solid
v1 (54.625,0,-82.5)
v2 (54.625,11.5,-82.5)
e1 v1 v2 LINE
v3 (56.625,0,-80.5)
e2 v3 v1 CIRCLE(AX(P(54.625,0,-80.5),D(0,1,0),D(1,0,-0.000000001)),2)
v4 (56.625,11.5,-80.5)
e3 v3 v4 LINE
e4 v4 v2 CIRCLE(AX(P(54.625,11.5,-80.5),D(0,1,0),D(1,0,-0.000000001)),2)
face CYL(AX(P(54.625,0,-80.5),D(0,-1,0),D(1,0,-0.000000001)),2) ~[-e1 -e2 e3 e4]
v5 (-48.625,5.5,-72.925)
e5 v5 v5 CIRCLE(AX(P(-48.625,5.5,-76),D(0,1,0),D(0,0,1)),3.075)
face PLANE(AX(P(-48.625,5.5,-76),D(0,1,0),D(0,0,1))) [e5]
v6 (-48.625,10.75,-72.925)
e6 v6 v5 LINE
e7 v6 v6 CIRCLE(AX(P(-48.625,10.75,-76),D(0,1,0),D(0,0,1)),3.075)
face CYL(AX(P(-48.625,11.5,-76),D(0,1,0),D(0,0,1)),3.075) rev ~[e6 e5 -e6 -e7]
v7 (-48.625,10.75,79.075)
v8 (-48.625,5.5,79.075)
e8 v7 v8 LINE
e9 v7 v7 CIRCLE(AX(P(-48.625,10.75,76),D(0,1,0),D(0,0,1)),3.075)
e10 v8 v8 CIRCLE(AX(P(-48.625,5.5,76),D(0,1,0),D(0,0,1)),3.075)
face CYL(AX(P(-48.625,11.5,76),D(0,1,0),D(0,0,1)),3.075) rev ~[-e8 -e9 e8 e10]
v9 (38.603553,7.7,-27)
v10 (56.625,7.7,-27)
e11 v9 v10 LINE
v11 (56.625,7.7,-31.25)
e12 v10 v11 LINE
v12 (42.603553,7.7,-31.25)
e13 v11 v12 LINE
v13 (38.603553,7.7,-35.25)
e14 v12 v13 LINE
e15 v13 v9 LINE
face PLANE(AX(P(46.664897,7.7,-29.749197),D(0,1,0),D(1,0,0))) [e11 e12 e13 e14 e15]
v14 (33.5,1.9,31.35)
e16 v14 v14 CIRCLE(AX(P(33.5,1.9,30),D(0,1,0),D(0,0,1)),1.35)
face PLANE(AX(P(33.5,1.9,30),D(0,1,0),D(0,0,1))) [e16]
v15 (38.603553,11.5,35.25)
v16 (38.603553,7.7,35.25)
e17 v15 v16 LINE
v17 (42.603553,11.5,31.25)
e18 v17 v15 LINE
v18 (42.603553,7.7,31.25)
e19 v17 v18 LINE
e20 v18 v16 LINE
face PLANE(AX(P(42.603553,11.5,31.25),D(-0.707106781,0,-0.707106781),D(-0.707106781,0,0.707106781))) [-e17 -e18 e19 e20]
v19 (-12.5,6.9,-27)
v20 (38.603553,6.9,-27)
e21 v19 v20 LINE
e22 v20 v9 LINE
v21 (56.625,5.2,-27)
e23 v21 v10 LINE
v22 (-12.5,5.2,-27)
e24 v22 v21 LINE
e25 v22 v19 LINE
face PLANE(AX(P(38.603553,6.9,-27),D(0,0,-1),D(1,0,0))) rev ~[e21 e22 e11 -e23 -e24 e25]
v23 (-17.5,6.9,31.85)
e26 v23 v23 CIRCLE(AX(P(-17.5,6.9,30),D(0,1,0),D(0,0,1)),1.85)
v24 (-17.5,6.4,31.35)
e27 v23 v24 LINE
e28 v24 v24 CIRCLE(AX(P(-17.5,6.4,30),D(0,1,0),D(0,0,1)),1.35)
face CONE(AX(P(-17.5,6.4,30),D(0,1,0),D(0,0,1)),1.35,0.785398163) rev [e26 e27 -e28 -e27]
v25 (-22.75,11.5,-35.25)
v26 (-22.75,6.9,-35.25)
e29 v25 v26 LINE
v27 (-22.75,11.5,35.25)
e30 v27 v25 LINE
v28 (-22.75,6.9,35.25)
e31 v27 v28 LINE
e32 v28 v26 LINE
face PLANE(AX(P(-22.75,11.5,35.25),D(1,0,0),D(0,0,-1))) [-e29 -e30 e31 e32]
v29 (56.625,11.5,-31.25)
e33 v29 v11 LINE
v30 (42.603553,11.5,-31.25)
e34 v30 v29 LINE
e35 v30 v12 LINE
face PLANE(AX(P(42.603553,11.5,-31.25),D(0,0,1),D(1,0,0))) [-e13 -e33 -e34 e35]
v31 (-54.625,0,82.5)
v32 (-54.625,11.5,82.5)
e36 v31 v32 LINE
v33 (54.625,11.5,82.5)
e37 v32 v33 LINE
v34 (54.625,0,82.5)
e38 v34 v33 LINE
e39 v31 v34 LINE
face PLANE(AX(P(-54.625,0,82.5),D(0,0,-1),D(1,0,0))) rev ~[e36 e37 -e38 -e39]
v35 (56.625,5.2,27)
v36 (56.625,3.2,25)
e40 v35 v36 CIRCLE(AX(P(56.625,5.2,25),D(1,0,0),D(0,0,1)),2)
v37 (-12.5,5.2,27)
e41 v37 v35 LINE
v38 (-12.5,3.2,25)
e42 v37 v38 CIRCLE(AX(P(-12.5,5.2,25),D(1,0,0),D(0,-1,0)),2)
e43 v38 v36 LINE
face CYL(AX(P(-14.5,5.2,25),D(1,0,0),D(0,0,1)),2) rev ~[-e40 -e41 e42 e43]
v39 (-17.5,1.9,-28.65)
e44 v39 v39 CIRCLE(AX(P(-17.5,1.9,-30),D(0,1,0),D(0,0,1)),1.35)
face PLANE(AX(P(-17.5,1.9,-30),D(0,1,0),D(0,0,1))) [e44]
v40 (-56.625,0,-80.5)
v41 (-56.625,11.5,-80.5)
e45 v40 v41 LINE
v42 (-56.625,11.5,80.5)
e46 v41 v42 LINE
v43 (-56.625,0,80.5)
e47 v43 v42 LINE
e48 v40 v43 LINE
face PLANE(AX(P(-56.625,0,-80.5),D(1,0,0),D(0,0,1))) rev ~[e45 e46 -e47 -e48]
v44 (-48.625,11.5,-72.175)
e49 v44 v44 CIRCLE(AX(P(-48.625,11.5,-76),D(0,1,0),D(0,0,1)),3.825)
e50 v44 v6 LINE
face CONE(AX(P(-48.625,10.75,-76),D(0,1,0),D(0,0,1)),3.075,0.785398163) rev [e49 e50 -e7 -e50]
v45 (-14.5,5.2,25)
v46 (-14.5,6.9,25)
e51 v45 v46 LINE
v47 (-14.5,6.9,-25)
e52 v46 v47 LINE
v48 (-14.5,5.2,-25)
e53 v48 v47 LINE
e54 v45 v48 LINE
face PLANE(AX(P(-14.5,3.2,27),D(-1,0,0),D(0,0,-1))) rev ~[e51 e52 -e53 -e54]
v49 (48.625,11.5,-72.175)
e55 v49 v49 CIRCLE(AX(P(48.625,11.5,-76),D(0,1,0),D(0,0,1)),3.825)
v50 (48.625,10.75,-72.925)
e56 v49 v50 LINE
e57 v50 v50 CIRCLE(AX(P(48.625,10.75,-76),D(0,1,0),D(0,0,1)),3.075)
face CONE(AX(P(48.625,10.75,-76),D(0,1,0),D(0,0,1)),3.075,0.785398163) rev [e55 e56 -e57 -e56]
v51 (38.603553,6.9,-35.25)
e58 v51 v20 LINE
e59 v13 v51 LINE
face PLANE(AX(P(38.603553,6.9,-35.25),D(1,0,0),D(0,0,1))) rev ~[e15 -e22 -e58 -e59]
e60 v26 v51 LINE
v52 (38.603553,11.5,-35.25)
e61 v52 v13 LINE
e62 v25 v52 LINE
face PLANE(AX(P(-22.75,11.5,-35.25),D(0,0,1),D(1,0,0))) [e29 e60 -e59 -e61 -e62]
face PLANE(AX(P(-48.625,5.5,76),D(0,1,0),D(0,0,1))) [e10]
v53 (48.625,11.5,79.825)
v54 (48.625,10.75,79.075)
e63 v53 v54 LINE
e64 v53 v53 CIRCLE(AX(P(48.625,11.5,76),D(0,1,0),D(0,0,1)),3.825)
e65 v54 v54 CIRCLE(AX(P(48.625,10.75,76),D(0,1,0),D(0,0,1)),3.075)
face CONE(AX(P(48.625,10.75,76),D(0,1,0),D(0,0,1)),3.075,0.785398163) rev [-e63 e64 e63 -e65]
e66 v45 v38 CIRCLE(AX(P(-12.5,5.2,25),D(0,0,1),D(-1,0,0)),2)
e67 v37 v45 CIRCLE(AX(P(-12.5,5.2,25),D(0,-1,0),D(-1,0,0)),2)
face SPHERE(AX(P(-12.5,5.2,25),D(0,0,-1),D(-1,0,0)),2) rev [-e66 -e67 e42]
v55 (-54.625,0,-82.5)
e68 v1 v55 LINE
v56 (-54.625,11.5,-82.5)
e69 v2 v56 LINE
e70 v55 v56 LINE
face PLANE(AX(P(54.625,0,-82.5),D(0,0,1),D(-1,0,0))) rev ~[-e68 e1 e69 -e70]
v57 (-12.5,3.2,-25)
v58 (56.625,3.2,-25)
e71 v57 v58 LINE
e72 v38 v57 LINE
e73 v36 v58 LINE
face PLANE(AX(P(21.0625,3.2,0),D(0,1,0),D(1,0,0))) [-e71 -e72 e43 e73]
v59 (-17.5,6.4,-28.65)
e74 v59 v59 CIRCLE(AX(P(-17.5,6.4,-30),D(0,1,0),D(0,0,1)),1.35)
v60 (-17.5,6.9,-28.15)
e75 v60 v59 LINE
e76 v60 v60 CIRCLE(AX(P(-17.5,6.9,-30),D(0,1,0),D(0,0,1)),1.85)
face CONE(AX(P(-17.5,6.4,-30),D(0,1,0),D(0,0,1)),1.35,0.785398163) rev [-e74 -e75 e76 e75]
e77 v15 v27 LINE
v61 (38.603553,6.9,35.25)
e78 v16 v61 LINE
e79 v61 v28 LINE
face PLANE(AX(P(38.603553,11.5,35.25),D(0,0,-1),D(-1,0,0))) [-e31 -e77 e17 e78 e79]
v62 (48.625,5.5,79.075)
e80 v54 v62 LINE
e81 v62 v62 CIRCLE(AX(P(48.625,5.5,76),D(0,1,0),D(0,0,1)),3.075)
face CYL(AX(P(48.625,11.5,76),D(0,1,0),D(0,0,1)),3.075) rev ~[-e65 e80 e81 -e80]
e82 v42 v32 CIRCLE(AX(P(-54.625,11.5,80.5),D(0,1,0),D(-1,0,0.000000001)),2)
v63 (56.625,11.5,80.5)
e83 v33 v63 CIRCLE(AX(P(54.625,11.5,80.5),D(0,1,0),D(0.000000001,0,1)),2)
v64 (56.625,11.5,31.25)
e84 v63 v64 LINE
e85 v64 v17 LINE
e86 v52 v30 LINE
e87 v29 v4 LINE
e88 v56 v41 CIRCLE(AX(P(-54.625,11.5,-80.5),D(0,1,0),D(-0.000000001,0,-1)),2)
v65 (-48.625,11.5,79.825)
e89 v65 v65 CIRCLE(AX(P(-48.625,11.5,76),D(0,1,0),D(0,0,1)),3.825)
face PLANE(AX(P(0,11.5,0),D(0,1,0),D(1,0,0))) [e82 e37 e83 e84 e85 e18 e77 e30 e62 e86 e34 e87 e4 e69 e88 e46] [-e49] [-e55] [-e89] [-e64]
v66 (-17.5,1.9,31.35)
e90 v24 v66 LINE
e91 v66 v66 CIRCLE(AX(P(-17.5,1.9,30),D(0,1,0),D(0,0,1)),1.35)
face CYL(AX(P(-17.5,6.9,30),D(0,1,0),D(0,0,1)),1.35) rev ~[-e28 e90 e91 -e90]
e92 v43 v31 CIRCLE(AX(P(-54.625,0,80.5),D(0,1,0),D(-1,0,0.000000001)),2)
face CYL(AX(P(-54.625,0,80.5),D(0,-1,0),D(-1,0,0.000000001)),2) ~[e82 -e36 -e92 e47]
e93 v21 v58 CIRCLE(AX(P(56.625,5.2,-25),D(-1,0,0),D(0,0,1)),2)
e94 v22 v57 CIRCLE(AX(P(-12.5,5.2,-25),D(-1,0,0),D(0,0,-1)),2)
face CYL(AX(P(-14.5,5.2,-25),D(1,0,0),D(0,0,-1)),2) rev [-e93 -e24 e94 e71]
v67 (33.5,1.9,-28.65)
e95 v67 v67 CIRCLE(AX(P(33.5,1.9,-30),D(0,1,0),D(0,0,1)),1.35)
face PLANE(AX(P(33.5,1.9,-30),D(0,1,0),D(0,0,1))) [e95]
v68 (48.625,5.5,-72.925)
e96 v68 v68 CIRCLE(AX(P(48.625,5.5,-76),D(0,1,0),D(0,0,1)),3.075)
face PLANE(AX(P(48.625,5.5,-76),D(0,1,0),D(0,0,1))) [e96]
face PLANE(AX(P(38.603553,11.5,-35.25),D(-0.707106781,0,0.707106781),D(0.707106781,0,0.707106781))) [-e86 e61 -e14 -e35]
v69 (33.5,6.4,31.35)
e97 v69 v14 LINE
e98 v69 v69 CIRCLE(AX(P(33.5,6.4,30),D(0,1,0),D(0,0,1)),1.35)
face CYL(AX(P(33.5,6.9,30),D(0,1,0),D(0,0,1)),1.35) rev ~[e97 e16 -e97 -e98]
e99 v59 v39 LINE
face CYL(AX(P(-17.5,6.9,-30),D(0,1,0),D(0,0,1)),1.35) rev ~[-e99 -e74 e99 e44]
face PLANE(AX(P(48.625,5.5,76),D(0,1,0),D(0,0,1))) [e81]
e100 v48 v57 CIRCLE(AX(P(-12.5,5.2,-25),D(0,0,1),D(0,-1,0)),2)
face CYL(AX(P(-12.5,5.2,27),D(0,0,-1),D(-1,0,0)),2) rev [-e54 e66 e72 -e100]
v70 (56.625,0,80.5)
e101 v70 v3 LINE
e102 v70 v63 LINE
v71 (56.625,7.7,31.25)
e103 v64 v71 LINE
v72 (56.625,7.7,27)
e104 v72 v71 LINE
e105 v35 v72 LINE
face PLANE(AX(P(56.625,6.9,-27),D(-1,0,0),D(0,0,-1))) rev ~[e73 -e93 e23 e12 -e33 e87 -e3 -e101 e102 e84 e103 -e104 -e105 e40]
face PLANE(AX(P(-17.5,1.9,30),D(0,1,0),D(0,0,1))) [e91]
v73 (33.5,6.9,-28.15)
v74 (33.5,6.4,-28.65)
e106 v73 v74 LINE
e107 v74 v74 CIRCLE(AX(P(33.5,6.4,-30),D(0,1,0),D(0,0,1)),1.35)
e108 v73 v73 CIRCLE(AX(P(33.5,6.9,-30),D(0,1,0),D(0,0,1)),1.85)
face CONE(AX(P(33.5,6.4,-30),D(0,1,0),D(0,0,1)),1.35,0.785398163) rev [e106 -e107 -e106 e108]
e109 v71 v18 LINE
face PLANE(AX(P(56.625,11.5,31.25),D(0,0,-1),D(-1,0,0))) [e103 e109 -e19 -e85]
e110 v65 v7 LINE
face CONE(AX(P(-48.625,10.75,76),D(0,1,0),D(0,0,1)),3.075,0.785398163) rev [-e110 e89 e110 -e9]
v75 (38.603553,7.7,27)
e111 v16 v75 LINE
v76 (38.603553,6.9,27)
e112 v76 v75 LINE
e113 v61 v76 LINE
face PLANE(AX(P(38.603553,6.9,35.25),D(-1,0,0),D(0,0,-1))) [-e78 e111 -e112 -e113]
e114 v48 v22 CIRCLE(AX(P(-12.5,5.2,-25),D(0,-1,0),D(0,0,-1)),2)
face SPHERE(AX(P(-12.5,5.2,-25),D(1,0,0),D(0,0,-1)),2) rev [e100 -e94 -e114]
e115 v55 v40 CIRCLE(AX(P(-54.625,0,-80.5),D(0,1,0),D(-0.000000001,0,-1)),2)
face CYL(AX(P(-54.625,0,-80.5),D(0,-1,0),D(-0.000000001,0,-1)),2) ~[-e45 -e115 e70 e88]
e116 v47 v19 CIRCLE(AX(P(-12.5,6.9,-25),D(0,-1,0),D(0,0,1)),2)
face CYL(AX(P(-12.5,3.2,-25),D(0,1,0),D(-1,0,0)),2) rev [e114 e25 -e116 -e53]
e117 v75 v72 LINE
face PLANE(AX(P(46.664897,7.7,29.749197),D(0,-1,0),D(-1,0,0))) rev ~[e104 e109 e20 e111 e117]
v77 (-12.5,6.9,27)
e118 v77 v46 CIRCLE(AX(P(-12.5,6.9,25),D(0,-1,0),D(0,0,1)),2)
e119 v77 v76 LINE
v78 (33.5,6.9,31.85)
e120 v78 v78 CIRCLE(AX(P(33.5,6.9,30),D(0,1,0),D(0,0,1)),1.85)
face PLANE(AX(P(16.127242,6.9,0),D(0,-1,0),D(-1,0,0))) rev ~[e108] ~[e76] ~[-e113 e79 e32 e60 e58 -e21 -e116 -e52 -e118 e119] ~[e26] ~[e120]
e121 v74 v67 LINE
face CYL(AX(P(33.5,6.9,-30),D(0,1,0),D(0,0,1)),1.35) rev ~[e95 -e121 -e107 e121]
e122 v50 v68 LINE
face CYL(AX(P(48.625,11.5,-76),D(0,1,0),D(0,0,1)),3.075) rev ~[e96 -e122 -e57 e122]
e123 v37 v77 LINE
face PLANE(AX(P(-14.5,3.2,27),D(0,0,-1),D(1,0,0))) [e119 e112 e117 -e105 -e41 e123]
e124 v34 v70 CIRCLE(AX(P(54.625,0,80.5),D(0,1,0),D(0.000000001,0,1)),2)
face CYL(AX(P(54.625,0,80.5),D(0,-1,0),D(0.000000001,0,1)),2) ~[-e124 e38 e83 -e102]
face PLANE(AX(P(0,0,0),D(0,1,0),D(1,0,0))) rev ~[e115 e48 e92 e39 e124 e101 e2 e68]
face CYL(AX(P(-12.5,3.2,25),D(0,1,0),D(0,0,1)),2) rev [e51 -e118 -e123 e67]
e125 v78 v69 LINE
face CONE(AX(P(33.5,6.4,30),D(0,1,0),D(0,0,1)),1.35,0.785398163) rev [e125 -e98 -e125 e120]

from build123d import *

# Parameters (mm, degrees)
BOSS_EXTRUDE1_DEPTH     = 11.5
SKETCH4_R               = 3.075
CUT_EXTRUDE1_DEPTH      = 6
CUT_EXTRUDE6_DEPTH      = 4.6
CUT_EXTRUDE3_DEPTH      = 101.30080072
CUT_EXTRUDE3_DEPTH_BACK = 3.7
SKETCH24_W              = 71.125
SKETCH24_H              = 54
SKETCH25_R              = 1.35
CUT_EXTRUDE4_DEPTH      = 5
CHAMFER4_SIZE           = 0.5
FILLET1_R               = 2
BOSS_EXTRUDE2_DEPTH     = 0.8
CHAMFER5_SIZE           = 0.75


with BuildPart() as part:
    # Sketch1 → Boss-Extrude1 (new body)
    with BuildSketch(Plane(origin=(0, 0, 0), x_dir=(1, 0, 0), z_dir=(0, 1, 0))):
        with BuildLine():
            Line((-56.625, 67.5), (-56.625, -67.5))
            Line((-56.625, -67.5), (-56.625, -80.5))
            ThreePointArc((-56.625, -80.5), (-56.039213562, -81.914213562), (-54.625, -82.5))
            Line((-54.625, -82.5), (54.625, -82.5))
            ThreePointArc((54.625, -82.5), (56.039213562, -81.914213562), (56.625, -80.5))
            Line((56.625, -80.5), (56.625, -67.5))
            Line((56.625, -67.5), (56.625, 67.5))
            Line((56.625, 67.5), (56.625, 80.5))
            ThreePointArc((56.625, 80.5), (56.039213562, 81.914213562), (54.625, 82.5))
            Line((54.625, 82.5), (-54.625, 82.5))
            ThreePointArc((-54.625, 82.5), (-56.039213562, 81.914213562), (-56.625, 80.5))
            Line((-56.625, 80.5), (-56.625, 67.5))
        make_face()
    extrude(amount=BOSS_EXTRUDE1_DEPTH)

    # Sketch4 → Cut-Extrude1 (cut)
    with BuildSketch(Plane(origin=(0, 11.5, 0), x_dir=(1, 0, 0), z_dir=(0, 1, 0))):
        with Locations(Location((-48.625, -76, 0), (0, 0, 270))):
            Circle(SKETCH4_R)
        with Locations(Location((48.625, -76, 0), (0, 0, 270))):
            Circle(SKETCH4_R)
        with Locations(Location((48.625, 76, 0), (0, 0, 270))):
            Circle(SKETCH4_R)
        with Locations(Location((-48.625, 76, 0), (0, 0, 270))):
            Circle(SKETCH4_R)
    extrude(amount=-CUT_EXTRUDE1_DEPTH, mode=Mode.SUBTRACT)

    # Sketch21 → Cut-Extrude6 (cut)
    with BuildSketch(Plane(origin=(0, 11.5, 0), x_dir=(1, 0, 0), z_dir=(0, 1, 0))):
        Polygon((56.625, 31), (56.625, -31), (56.625, -31.25), (42.603553391, -31.25), (38.603553391, -35.25), (-22.75, -35.25), (-22.75, 35.25), (38.603553391, 35.25), (42.603553391, 31.25), (56.625, 31.25), align=None)
    extrude(amount=-CUT_EXTRUDE6_DEPTH, mode=Mode.SUBTRACT)

    # Sketch24 → Cut-Extrude3 (cut, two sides: drawn at the far end of the back side and taken through both)
    with BuildSketch(Plane(origin=(0, 6.9, 0), x_dir=(1, 0, 0), z_dir=(0, 1, 0)).offset(-CUT_EXTRUDE3_DEPTH_BACK)):
        with Locations((21.0625, 0)):
            Rectangle(SKETCH24_W, SKETCH24_H)
    extrude(amount=CUT_EXTRUDE3_DEPTH + CUT_EXTRUDE3_DEPTH_BACK, mode=Mode.SUBTRACT)

    # Sketch25 → Cut-Extrude4 (cut)
    with BuildSketch(Plane(origin=(0, 6.9, 0), x_dir=(1, 0, 0), z_dir=(0, 1, 0))):
        with Locations(Location((33.5, 30, 0), (0, 0, 270))):
            Circle(SKETCH25_R)
        with Locations(Location((-17.5, 30, 0), (0, 0, 270))):
            Circle(SKETCH25_R)
        with Locations(Location((33.5, -30, 0), (0, 0, 270))):
            Circle(SKETCH25_R)
        with Locations(Location((-17.5, -30, 0), (0, 0, 270))):
            Circle(SKETCH25_R)
    extrude(amount=-CUT_EXTRUDE4_DEPTH, mode=Mode.SUBTRACT)

    # Chamfer4
    chamfer4_edges = [part.edges().sort_by_distance(p)[0] for p in [
        (-17.5, 6.9, -31.35),
        (33.5, 6.9, 28.65),
        (-17.5, 6.9, 28.65),
        (33.5, 6.9, -31.35),
    ]]
    chamfer(chamfer4_edges, length=CHAMFER4_SIZE)

    # Fillet1
    fillet1_edges = [part.edges().sort_by_distance(p)[0] for p in [
        (21.0625, 3.2, -27),
        (-14.5, 5.05, -27),
        (-14.5, 3.2, 0),
        (-14.5, 5.05, 27),
        (21.0625, 3.2, 27),
    ]]
    fillet(fillet1_edges, radius=FILLET1_R)

    # Sketch26 → Boss-Extrude2 (add)
    with BuildSketch(Plane(origin=(0, 6.9, 0), x_dir=(1, 0, 0), z_dir=(0, 1, 0))):
        Polygon((38.603553391, 35.25), (38.603553391, 27), (56.625, 27), (56.625, 31.25), (42.603553391, 31.25), align=None)
        Polygon((42.603553391, -31.25), (38.603553391, -35.25), (38.603553391, -27), (56.625, -27), (56.625, -31.25), align=None)
    extrude(amount=BOSS_EXTRUDE2_DEPTH)

    # Chamfer5
    chamfer5_edges = [part.edges().sort_by_distance(p)[0] for p in [
        (-48.625, 11.5, -79.075),
        (48.625, 11.5, -79.075),
        (48.625, 11.5, 72.925),
        (-48.625, 11.5, 72.925),
    ]]
    chamfer(chamfer5_edges, length=CHAMFER5_SIZE)


solid = part.part
